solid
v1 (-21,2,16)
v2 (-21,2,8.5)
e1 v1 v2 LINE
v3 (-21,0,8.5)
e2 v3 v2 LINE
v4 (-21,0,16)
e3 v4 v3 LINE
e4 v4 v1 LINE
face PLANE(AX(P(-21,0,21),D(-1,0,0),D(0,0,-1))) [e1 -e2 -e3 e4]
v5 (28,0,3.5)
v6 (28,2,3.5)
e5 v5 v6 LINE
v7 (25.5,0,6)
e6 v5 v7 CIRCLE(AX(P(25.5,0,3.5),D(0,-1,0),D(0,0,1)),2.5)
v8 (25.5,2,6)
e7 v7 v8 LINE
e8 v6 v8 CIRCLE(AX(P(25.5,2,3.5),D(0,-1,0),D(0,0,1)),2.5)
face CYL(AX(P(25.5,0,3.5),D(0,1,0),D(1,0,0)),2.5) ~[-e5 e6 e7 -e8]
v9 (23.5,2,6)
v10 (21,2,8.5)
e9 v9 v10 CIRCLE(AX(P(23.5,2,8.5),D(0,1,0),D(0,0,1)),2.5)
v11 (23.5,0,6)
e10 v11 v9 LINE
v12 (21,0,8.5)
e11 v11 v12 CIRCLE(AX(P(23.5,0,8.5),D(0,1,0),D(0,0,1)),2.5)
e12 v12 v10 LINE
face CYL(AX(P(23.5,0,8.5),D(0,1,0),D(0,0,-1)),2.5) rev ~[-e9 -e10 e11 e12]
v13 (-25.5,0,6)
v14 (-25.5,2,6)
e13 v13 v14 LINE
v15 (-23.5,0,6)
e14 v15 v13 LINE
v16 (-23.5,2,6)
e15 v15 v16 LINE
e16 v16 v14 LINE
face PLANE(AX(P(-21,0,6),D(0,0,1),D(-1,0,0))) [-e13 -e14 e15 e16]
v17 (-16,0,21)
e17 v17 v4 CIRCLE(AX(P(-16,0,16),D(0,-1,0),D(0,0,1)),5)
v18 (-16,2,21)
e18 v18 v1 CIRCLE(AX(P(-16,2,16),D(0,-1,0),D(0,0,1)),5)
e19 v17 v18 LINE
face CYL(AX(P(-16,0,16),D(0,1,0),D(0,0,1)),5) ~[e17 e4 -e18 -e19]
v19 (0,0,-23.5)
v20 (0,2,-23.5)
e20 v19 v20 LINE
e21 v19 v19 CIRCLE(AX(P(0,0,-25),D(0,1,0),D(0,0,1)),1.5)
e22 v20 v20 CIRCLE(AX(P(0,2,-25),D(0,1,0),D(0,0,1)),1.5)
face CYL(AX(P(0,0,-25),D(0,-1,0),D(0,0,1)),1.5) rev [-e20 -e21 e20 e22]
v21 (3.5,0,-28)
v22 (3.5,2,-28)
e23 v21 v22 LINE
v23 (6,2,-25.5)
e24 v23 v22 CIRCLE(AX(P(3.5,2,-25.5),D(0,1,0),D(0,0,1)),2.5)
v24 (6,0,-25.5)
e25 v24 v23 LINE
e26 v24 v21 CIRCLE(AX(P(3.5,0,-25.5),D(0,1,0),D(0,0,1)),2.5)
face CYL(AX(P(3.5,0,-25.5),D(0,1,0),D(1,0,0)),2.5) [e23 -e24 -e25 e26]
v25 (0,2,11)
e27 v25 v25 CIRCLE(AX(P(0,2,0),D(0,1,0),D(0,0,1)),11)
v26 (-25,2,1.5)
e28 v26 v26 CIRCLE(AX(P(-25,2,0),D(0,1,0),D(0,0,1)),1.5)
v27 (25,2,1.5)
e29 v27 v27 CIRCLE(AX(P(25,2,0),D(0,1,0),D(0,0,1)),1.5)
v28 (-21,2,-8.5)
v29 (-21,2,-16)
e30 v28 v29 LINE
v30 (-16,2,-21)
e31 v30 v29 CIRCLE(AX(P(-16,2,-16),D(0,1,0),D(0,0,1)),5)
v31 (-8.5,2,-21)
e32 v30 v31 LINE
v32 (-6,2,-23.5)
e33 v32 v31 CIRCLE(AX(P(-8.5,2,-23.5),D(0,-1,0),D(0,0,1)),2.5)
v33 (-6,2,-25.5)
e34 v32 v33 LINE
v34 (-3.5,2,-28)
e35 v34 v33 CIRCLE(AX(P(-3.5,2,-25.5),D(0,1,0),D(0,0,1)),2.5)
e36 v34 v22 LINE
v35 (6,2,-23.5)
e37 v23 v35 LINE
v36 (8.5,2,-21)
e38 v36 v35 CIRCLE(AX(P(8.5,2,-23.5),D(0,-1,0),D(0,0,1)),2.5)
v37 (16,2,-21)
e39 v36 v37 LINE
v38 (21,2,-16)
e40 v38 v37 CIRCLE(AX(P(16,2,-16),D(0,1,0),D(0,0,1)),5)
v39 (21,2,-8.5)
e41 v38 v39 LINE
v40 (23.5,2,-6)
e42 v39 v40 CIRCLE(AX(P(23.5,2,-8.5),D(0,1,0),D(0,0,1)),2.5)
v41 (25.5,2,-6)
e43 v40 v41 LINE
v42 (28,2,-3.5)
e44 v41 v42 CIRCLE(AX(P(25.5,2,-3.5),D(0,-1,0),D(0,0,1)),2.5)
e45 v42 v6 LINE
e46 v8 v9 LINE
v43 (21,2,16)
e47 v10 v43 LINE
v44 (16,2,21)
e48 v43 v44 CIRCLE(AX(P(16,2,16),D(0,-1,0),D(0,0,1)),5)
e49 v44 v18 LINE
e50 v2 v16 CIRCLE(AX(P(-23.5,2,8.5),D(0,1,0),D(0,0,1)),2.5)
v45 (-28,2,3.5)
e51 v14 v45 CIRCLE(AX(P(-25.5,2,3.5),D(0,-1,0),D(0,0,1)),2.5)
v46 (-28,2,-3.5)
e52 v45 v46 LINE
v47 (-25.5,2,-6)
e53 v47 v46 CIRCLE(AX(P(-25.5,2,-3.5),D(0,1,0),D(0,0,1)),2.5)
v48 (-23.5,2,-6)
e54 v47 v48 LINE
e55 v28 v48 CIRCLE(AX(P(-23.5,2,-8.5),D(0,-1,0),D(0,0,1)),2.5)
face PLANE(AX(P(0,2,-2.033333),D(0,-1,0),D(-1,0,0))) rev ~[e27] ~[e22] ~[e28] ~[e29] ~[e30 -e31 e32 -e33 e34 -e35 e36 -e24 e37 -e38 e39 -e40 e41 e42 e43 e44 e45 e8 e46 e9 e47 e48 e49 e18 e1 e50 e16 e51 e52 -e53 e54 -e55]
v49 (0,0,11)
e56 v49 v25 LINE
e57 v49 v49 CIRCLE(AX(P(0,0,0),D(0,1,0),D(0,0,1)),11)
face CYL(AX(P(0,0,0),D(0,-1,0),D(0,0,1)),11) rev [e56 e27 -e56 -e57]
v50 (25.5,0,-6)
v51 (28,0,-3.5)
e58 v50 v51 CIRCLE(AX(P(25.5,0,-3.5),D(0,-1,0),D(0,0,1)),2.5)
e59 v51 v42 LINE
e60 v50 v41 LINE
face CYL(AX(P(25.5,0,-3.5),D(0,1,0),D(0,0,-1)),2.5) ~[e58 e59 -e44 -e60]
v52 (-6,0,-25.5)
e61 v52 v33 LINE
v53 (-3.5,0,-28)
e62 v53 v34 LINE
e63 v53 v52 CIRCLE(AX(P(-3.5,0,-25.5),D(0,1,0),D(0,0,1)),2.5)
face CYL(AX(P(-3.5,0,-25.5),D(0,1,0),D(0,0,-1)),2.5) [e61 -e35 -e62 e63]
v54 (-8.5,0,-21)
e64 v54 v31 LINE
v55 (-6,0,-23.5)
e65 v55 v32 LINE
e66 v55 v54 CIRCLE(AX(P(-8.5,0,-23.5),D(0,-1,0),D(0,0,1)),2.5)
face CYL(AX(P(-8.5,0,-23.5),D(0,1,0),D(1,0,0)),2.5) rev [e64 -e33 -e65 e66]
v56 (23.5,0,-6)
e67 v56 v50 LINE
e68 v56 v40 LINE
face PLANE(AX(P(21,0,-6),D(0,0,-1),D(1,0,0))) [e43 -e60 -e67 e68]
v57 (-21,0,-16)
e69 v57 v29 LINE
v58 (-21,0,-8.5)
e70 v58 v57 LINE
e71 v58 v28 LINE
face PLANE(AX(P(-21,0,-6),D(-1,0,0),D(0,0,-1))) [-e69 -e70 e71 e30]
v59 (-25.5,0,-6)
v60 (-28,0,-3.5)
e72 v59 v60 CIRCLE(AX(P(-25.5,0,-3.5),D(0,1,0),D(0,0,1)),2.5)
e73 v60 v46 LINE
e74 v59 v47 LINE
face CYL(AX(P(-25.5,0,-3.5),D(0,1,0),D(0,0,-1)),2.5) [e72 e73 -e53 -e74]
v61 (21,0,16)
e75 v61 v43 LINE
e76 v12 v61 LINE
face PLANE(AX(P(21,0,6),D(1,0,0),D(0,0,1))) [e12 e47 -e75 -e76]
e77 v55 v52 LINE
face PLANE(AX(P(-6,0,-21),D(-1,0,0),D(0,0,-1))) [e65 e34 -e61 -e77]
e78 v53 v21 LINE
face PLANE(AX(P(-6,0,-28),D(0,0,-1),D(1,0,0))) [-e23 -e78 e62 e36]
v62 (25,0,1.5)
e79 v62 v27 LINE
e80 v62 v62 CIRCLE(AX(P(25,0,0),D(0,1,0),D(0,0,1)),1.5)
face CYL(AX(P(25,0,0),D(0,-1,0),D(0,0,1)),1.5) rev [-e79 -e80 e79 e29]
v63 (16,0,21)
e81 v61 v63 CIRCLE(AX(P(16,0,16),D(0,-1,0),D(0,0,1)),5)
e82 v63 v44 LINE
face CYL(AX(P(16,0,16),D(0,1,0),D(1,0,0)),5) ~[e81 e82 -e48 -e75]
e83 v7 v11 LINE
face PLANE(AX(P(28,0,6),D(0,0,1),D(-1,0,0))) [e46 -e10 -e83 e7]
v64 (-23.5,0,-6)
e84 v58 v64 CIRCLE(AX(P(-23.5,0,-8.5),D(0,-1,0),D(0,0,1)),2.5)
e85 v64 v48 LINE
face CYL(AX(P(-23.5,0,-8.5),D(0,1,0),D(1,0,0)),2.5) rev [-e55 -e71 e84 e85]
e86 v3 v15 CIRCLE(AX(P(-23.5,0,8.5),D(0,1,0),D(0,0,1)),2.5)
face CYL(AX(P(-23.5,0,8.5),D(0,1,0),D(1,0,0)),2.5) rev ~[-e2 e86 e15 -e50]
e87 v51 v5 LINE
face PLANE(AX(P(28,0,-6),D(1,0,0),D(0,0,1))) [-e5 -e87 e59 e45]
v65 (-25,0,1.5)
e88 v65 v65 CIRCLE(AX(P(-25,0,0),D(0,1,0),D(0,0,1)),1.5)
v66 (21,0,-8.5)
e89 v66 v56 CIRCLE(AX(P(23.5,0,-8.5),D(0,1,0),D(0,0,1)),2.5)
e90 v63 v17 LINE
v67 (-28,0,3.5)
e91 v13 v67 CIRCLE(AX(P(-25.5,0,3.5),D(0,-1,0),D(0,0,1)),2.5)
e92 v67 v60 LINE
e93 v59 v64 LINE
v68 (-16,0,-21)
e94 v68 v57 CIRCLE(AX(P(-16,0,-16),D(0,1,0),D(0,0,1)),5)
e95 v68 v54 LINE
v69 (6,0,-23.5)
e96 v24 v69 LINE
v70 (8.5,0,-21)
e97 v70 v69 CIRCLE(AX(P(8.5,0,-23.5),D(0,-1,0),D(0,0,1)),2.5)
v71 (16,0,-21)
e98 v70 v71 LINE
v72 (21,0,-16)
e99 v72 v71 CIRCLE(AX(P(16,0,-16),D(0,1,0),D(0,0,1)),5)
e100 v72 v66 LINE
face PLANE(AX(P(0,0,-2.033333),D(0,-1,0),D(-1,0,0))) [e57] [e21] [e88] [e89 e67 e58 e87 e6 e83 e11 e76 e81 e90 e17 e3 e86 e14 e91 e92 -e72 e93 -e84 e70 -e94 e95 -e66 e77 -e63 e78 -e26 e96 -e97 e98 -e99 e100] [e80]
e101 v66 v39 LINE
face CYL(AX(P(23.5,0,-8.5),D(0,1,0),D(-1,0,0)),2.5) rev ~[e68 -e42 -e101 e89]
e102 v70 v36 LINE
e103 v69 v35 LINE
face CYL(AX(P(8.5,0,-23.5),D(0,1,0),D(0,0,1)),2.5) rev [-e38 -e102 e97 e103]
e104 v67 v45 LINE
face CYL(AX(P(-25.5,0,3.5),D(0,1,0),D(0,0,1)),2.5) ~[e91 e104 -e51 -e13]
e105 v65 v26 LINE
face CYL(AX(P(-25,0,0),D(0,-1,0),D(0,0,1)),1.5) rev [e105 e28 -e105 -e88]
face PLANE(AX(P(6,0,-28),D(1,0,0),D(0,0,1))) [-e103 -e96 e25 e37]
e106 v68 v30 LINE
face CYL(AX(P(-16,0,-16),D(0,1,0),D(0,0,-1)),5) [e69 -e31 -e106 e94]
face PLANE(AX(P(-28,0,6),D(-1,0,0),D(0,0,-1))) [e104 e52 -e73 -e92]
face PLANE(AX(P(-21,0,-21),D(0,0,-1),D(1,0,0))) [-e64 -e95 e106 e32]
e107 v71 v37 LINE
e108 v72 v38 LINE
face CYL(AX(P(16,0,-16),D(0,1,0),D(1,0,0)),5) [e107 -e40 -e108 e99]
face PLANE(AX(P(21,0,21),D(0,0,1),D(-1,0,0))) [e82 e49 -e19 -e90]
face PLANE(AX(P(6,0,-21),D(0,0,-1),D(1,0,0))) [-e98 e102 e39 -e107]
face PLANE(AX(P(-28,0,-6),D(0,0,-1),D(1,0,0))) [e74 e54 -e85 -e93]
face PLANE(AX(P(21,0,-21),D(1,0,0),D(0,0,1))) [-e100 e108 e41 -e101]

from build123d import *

# Parameters (mm, degrees)
SKETCH1_R           = 11
SKETCH1_R_2         = 1.5
BOSS_EXTRUDE1_DEPTH = 2
FILLET2_R           = 5
FILLET1_R           = 2.5


with BuildPart() as part:
    # Sketch1 → Boss-Extrude1 (new body)
    with BuildSketch(Plane(origin=(0, 0, 0), x_dir=(1, 0, 0), z_dir=(0, 1, 0))):
        Polygon((21, 6), (28, 6), (28, -6), (21, -6), (21, -21), (-21, -21), (-21, -6), (-28, -6), (-28, 6), (-21, 6), (-21, 21), (-6, 21), (-6, 28), (6, 28), (6, 21), (21, 21), align=None)
        with Locations(Location((0, 0, 0), (0, 0, 270))):
            Circle(SKETCH1_R, mode=Mode.SUBTRACT)
        with Locations(Location((-25, 0, 0), (0, 0, 270))):
            Circle(SKETCH1_R_2, mode=Mode.SUBTRACT)
        with Locations(Location((0, 25, 0), (0, 0, 270))):
            Circle(SKETCH1_R_2, mode=Mode.SUBTRACT)
        with Locations(Location((25, 0, 0), (0, 0, 270))):
            Circle(SKETCH1_R_2, mode=Mode.SUBTRACT)
    extrude(amount=BOSS_EXTRUDE1_DEPTH)

    # Fillet2
    fillet2_edges = [part.edges().sort_by_distance(p)[0] for p in [
        (21, 1, 21),
        (-21, 1, 21),
        (-21, 1, -21),
        (21, 1, -21),
    ]]
    fillet(fillet2_edges, radius=FILLET2_R)

    # Fillet1
    fillet1_edges = [part.edges().sort_by_distance(p)[0] for p in [
        (28, 1, 6),
        (21, 1, 6),
        (-21, 1, 6),
        (-28, 1, 6),
        (-28, 1, -6),
        (-21, 1, -6),
        (-6, 1, -21),
        (-6, 1, -28),
        (6, 1, -28),
        (6, 1, -21),
        (21, 1, -6),
        (28, 1, -6),
    ]]
    fillet(fillet1_edges, radius=FILLET1_R)


solid = part.part
